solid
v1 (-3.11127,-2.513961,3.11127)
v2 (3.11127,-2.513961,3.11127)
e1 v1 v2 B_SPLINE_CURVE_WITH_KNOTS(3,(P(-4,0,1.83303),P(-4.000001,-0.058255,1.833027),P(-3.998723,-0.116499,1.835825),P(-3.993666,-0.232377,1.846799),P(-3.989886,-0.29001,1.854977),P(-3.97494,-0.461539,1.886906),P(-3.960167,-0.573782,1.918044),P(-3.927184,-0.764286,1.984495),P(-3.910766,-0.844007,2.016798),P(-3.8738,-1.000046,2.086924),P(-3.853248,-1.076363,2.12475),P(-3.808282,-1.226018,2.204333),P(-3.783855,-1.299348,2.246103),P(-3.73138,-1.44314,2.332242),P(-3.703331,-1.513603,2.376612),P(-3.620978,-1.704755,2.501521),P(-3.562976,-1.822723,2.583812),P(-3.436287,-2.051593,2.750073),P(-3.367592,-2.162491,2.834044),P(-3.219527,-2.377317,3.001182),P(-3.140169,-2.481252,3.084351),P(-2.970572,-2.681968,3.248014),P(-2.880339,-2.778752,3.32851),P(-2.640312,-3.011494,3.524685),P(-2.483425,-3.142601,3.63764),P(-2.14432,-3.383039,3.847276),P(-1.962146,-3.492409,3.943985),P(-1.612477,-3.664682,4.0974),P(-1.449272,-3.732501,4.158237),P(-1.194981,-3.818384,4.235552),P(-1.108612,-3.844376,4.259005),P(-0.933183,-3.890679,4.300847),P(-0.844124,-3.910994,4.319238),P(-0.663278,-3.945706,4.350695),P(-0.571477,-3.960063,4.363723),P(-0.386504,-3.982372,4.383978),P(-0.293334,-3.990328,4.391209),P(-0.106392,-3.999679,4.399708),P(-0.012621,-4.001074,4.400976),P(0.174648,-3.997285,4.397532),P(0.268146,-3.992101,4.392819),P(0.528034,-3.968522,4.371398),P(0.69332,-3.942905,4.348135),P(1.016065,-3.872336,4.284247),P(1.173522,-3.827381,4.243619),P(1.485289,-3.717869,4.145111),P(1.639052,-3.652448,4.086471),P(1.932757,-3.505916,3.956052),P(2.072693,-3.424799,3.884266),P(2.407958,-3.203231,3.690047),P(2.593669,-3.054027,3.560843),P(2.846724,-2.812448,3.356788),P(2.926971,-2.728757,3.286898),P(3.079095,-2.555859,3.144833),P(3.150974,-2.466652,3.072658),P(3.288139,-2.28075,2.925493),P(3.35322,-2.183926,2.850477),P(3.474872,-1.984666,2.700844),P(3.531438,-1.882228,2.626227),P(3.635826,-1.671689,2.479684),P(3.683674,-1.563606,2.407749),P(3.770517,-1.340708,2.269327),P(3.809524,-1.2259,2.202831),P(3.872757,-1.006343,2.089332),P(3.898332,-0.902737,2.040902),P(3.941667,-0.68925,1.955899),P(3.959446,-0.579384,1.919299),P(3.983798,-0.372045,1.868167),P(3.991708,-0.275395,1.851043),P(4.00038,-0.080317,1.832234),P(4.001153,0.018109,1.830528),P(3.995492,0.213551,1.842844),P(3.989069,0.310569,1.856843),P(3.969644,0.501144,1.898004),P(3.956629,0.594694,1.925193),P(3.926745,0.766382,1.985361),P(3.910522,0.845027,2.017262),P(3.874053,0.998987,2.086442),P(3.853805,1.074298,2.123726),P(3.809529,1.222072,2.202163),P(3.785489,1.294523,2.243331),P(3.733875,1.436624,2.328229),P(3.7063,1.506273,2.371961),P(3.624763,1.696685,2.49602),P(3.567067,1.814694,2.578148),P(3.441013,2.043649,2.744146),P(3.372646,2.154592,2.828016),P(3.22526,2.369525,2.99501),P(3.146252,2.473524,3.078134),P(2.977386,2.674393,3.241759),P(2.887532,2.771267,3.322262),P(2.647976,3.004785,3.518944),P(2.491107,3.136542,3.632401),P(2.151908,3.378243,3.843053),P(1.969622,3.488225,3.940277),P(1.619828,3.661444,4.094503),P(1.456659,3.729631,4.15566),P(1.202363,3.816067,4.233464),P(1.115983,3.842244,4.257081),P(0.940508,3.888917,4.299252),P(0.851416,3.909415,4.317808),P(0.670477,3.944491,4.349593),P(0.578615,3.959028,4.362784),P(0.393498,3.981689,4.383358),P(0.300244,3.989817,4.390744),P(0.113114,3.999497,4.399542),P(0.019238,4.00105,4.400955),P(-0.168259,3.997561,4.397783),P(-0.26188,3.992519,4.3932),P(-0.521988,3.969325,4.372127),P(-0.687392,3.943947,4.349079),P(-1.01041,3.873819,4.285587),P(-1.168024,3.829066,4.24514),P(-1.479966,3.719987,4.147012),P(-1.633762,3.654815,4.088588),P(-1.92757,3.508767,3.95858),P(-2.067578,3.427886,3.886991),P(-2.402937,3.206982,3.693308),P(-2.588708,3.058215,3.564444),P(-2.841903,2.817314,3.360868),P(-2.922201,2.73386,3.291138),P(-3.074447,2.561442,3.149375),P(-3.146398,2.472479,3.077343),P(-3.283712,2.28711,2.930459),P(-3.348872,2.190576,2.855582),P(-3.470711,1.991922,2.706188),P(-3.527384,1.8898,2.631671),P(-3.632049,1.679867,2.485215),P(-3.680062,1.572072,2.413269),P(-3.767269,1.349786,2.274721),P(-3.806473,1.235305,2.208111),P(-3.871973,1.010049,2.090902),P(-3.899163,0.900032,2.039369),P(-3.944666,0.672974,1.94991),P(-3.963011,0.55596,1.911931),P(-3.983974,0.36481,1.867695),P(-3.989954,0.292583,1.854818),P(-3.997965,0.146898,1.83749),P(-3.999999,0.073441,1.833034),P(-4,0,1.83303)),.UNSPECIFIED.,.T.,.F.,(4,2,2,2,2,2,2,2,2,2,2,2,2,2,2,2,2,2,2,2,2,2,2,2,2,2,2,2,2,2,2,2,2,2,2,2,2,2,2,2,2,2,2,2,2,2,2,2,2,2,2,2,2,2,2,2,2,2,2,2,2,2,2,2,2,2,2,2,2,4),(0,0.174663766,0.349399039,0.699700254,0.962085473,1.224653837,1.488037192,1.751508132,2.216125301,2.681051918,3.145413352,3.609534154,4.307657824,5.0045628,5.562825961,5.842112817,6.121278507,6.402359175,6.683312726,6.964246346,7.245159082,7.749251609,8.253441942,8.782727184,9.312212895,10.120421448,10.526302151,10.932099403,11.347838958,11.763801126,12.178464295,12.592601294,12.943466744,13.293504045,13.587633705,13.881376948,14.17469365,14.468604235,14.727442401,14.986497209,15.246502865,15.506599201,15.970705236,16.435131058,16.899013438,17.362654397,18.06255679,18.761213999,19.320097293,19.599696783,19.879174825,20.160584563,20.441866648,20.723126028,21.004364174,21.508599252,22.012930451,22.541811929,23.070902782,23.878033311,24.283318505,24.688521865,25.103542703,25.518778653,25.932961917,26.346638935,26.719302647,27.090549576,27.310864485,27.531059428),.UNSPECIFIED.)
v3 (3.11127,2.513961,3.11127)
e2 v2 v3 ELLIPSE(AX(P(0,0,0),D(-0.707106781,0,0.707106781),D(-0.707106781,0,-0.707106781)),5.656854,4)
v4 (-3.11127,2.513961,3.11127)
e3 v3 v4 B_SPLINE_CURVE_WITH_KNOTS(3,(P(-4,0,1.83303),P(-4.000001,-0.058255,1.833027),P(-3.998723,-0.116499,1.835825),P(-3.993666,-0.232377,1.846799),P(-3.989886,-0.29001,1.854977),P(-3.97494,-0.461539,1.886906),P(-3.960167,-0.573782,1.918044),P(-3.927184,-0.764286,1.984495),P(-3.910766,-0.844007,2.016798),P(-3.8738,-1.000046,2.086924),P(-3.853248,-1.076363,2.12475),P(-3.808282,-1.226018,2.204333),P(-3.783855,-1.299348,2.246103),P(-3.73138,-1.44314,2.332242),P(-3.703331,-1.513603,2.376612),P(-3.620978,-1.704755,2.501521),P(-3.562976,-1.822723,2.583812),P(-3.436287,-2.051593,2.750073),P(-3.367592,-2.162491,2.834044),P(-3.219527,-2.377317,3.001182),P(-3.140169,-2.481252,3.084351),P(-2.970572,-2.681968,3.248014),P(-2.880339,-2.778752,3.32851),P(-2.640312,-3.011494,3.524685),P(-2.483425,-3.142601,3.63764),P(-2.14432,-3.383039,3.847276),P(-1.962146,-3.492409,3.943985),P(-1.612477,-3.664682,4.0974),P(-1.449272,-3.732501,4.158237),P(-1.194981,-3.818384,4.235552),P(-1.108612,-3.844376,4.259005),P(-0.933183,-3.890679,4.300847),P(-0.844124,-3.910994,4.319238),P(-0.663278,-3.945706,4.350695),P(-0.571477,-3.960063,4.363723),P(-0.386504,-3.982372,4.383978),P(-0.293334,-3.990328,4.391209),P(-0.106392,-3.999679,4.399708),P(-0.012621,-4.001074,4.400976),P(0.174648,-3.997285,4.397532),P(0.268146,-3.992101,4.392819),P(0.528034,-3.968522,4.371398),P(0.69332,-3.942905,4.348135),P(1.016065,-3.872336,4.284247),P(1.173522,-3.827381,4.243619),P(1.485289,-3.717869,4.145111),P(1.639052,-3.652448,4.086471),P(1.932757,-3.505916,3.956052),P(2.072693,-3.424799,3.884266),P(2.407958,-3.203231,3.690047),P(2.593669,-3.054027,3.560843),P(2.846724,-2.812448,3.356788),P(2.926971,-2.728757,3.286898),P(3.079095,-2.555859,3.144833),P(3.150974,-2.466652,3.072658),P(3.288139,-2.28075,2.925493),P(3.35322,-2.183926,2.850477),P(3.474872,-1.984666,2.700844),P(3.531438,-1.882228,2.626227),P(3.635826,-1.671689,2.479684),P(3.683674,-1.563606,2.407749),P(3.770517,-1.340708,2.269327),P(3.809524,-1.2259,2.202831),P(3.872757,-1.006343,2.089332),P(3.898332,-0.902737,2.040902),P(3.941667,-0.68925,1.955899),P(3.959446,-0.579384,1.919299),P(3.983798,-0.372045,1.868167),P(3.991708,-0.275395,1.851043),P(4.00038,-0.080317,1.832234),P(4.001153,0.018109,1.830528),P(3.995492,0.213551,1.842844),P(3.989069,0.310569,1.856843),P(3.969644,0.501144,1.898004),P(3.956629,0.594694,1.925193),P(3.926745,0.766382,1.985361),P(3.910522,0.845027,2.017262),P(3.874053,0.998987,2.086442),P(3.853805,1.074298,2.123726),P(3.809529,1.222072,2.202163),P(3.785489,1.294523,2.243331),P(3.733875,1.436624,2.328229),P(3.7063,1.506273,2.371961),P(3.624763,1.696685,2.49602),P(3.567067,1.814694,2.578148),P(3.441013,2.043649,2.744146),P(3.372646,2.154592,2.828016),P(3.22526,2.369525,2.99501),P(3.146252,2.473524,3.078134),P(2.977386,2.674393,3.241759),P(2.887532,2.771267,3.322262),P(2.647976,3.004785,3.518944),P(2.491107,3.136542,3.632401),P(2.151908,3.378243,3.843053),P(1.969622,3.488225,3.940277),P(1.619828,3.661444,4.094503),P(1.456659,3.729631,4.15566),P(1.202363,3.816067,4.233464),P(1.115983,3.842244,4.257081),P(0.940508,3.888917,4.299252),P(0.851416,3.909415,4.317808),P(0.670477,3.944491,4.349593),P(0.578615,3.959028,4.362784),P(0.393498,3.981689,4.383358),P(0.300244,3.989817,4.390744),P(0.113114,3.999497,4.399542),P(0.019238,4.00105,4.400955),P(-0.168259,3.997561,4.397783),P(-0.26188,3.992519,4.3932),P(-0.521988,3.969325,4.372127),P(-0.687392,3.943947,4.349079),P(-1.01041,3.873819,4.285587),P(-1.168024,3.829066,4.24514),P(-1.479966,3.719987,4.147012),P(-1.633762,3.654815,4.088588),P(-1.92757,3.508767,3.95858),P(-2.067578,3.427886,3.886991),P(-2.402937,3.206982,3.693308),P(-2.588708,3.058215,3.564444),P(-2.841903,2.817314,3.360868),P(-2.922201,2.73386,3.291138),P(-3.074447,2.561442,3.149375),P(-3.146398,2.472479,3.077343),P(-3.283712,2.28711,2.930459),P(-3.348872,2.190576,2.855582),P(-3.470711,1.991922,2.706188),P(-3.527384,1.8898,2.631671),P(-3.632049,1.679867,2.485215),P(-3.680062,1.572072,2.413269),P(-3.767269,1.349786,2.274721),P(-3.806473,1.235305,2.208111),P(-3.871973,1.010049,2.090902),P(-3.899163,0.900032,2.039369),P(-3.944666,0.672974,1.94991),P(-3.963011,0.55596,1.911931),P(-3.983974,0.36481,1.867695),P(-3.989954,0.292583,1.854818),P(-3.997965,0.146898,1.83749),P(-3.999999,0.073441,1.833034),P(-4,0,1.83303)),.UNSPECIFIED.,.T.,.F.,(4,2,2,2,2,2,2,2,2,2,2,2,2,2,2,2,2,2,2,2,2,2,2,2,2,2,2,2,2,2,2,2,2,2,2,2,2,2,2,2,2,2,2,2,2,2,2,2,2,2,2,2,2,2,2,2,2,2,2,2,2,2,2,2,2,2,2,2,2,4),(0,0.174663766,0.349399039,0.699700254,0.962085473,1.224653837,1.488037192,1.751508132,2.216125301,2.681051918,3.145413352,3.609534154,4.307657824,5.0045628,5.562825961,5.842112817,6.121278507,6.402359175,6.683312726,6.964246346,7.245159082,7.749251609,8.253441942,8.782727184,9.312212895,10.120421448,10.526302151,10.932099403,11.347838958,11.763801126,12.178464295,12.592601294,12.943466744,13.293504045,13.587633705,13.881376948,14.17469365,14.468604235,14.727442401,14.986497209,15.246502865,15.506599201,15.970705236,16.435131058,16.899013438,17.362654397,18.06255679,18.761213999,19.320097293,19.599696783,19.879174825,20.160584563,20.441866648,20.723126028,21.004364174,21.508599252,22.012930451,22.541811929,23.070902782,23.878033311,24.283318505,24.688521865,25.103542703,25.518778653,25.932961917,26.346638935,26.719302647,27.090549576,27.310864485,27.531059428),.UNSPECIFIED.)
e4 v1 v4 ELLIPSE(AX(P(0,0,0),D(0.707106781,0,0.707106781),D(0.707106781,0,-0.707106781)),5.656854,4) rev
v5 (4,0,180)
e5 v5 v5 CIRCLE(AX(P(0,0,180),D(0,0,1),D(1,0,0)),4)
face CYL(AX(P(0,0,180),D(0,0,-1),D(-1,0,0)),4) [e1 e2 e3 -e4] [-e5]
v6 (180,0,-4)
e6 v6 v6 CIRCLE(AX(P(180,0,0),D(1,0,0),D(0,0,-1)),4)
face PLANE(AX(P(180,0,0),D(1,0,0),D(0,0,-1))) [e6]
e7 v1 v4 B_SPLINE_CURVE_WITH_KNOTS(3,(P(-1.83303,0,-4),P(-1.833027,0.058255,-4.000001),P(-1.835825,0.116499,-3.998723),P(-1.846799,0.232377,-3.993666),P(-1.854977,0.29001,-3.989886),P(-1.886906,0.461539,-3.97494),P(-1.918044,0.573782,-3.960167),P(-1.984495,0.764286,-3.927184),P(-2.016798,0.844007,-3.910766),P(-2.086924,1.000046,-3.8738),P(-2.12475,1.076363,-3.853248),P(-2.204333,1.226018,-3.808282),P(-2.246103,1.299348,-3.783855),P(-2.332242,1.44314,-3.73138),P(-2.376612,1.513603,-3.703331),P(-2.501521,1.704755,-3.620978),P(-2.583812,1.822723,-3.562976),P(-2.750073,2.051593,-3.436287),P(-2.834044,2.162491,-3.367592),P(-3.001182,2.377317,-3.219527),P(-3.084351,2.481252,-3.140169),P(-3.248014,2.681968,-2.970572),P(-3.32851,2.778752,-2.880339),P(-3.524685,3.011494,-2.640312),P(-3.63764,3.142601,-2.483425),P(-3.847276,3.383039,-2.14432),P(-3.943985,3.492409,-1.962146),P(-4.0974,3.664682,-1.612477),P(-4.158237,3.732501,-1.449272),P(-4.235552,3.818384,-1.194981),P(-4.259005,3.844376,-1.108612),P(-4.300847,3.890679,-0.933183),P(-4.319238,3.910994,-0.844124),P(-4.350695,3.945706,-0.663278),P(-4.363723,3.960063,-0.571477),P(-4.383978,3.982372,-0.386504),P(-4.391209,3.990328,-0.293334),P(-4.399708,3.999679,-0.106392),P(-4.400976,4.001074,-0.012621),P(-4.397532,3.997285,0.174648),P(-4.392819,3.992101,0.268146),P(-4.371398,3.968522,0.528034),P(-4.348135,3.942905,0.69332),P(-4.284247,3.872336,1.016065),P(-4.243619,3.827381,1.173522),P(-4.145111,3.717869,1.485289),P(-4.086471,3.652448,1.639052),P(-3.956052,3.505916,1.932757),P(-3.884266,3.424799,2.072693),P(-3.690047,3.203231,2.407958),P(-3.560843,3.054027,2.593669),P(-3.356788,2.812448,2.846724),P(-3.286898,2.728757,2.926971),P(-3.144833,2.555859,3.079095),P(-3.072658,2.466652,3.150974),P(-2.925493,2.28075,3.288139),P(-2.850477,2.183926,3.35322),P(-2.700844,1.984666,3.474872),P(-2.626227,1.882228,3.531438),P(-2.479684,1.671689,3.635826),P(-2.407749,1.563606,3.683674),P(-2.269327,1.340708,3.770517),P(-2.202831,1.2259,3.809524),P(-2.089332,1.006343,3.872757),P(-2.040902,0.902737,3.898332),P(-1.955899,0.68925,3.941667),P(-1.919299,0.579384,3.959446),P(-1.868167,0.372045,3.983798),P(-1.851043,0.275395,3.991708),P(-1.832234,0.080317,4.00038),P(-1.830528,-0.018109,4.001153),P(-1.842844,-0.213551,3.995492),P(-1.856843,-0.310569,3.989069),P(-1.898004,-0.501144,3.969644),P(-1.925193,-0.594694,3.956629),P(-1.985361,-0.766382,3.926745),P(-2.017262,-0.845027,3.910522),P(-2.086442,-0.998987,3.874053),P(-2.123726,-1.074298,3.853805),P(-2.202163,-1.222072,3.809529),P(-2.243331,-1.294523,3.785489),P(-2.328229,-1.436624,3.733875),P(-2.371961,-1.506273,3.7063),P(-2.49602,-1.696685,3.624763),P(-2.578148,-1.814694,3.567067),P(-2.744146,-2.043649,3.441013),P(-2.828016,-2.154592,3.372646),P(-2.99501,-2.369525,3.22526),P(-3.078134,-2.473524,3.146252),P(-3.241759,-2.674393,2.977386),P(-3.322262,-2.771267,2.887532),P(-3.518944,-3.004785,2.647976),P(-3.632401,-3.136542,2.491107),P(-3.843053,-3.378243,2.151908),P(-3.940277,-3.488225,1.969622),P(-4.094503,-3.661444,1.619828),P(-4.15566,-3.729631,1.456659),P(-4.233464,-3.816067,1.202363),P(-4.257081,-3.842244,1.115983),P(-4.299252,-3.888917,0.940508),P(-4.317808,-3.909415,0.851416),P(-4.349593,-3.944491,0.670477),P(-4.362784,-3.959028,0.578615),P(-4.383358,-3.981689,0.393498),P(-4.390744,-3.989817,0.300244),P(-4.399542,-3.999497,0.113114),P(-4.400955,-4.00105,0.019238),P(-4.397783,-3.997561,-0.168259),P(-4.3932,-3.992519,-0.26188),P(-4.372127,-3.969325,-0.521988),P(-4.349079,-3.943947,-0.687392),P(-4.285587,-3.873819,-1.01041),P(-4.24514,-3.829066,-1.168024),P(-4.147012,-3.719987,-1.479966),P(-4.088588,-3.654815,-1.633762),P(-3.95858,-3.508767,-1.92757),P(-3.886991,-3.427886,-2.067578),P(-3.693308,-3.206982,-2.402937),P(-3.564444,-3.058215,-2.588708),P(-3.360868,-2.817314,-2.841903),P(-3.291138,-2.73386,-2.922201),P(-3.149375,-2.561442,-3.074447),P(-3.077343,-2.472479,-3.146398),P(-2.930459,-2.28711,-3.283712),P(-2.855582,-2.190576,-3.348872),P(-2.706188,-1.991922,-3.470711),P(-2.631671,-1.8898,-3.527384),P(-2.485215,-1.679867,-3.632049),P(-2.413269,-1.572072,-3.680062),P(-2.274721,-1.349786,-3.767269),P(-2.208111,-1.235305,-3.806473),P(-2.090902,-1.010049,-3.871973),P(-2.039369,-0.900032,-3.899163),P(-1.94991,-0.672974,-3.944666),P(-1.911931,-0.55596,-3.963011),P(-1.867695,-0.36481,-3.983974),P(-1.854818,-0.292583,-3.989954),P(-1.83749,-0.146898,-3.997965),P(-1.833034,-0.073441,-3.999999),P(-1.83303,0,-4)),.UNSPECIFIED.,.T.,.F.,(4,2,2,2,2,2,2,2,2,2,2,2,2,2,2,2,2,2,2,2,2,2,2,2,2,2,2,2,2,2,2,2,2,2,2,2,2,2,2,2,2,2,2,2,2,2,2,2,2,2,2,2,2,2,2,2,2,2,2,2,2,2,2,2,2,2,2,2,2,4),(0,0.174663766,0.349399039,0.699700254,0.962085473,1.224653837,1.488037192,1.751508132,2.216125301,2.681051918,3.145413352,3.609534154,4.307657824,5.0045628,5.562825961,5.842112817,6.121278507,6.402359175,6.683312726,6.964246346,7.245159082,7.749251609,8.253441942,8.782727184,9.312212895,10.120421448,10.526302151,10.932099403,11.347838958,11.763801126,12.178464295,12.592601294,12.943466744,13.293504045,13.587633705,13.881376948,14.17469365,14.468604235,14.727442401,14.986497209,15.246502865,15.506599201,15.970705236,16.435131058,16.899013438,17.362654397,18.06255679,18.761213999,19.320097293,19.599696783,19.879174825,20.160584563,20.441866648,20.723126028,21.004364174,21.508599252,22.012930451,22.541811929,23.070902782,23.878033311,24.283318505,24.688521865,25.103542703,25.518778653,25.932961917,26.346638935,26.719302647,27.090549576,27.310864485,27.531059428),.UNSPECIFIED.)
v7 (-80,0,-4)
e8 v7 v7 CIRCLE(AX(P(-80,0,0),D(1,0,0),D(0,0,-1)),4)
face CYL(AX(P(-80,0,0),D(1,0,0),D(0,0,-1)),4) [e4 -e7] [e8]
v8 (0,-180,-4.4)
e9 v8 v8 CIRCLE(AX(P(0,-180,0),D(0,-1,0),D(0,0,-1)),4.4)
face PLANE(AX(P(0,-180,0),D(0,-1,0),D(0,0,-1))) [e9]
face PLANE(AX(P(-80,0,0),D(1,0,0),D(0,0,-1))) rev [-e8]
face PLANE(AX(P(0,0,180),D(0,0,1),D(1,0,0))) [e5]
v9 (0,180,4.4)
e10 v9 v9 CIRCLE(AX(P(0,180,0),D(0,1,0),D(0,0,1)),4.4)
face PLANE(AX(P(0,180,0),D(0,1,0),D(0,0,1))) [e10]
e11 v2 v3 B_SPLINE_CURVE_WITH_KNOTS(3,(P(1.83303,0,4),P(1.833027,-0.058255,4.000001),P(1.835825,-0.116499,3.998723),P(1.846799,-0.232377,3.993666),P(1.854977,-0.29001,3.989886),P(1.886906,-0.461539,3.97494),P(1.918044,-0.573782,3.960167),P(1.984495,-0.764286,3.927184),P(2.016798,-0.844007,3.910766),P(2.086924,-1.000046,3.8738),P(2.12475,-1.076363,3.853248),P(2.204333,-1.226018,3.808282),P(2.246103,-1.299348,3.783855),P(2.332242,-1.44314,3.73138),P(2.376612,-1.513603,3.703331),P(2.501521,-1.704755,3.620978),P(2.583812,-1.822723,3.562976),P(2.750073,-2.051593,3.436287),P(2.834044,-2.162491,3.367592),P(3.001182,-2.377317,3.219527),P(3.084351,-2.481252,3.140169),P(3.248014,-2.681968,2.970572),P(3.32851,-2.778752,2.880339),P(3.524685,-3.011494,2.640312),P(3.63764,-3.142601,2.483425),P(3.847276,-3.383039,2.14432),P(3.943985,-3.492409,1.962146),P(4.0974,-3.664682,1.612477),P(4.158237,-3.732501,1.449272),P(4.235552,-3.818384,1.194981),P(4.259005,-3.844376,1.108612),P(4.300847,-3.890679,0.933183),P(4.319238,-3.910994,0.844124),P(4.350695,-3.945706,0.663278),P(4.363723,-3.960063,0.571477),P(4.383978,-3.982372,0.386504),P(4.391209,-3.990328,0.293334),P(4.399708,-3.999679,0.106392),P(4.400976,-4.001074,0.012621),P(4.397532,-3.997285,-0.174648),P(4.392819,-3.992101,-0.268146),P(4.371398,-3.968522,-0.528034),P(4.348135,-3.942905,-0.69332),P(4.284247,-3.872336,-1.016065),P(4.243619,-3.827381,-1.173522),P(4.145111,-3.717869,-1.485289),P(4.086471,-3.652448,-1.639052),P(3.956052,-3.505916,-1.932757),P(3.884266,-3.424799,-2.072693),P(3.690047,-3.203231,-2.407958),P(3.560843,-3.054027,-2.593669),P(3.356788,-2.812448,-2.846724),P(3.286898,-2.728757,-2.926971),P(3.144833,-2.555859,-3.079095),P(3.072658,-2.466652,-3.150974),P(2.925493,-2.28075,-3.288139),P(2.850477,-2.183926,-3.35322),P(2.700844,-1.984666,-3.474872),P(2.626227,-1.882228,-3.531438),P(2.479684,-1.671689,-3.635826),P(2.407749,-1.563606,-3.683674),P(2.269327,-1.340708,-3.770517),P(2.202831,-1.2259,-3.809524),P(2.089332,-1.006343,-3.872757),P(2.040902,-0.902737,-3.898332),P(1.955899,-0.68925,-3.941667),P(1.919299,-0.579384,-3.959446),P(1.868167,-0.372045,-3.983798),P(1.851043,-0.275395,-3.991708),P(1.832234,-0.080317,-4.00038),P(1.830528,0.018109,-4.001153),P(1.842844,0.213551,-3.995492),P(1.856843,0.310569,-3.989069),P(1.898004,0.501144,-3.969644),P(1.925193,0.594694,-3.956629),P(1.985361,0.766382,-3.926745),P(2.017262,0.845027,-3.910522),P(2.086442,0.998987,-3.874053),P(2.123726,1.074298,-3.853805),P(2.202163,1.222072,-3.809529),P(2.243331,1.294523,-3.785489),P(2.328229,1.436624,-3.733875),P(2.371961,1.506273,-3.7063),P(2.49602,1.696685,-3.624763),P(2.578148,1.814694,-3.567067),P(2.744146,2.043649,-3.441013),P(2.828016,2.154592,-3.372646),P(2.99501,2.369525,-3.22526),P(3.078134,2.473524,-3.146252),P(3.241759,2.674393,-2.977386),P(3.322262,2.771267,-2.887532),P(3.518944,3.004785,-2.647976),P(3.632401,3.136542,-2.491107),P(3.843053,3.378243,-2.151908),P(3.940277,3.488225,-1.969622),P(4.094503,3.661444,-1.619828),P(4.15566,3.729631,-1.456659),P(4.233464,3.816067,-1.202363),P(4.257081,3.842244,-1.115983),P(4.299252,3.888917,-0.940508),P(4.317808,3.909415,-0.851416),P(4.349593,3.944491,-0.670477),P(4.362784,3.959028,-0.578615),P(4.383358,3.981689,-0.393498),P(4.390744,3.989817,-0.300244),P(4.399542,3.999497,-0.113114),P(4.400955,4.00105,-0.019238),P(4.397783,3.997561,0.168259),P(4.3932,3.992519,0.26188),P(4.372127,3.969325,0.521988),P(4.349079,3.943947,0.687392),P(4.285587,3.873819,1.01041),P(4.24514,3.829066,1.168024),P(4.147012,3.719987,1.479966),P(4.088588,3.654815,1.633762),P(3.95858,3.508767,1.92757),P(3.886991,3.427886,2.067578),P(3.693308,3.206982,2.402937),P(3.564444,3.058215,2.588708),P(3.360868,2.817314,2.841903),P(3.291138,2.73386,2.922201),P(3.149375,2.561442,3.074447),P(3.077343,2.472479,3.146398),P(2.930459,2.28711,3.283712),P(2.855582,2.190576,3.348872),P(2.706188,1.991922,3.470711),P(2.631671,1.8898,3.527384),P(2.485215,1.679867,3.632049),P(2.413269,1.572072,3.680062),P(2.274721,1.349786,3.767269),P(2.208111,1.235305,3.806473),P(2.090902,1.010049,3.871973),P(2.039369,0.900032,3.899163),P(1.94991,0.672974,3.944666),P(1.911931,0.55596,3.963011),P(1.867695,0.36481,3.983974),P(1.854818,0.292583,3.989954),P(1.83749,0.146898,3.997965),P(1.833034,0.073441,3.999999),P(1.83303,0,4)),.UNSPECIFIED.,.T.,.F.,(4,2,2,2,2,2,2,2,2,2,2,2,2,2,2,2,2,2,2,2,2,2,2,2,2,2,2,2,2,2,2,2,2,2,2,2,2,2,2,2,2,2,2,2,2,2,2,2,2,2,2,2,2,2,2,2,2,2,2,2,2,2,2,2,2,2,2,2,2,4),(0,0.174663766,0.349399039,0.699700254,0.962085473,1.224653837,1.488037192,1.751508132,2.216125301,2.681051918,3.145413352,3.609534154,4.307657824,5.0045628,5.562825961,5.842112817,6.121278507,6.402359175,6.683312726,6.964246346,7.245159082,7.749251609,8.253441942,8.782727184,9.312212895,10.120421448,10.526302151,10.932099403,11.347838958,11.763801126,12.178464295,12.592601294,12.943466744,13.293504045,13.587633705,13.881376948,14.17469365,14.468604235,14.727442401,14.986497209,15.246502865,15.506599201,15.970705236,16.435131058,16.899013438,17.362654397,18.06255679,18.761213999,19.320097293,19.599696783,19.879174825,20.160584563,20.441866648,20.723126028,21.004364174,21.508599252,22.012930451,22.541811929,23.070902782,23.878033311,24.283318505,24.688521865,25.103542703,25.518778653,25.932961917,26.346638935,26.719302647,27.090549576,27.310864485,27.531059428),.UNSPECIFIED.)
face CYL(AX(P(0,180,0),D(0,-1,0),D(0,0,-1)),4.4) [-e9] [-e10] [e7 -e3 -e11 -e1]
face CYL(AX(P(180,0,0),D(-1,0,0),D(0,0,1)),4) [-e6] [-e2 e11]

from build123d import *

# Parameters (mm, degrees)
CROQUIS1_R              = 4.4
SALIENTE_EXTRUIR1_DEPTH = 180
CROQUIS4_R              = 4.4
SALIENTE_EXTRUIR2_DEPTH = 180
CROQUIS5_R              = 4
SALIENTE_EXTRUIR3_DEPTH = 180
CROQUIS6_R              = 4
SALIENTE_EXTRUIR4_DEPTH = 80
CROQUIS7_R              = 4
SALIENTE_EXTRUIR5_DEPTH = 180


with BuildPart() as part:
    # Croquis1 → Saliente-Extruir1 (new body)
    with BuildSketch(Plane(origin=(0, 0, 0), x_dir=(1, 0, 0), z_dir=(0, 1, 0))):
        Circle(CROQUIS1_R)
    extrude(amount=SALIENTE_EXTRUIR1_DEPTH)

    # Croquis4 → Saliente-Extruir2 (add)
    with BuildSketch(Plane(origin=(0, 0, 0), x_dir=(-1, 0, 0), z_dir=(0, -1, 0))):
        Circle(CROQUIS4_R)
    extrude(amount=SALIENTE_EXTRUIR2_DEPTH)

    # Croquis5 → Saliente-Extruir3 (add)
    with BuildSketch(Plane(origin=(0, 0, 0), x_dir=(0, 0, -1), z_dir=(1, 0, 0))):
        Circle(CROQUIS5_R)
    extrude(amount=SALIENTE_EXTRUIR3_DEPTH)

    # Croquis6 → Saliente-Extruir4 (add)
    with BuildSketch(Plane(origin=(0, 0, 0), x_dir=(0, 0, -1), z_dir=(1, 0, 0))):
        Circle(CROQUIS6_R)
    extrude(amount=-SALIENTE_EXTRUIR4_DEPTH)

    # Croquis7 → Saliente-Extruir5 (add)
    with BuildSketch(Plane.XY):
        Circle(CROQUIS7_R)
    extrude(amount=SALIENTE_EXTRUIR5_DEPTH)


solid = part.part
